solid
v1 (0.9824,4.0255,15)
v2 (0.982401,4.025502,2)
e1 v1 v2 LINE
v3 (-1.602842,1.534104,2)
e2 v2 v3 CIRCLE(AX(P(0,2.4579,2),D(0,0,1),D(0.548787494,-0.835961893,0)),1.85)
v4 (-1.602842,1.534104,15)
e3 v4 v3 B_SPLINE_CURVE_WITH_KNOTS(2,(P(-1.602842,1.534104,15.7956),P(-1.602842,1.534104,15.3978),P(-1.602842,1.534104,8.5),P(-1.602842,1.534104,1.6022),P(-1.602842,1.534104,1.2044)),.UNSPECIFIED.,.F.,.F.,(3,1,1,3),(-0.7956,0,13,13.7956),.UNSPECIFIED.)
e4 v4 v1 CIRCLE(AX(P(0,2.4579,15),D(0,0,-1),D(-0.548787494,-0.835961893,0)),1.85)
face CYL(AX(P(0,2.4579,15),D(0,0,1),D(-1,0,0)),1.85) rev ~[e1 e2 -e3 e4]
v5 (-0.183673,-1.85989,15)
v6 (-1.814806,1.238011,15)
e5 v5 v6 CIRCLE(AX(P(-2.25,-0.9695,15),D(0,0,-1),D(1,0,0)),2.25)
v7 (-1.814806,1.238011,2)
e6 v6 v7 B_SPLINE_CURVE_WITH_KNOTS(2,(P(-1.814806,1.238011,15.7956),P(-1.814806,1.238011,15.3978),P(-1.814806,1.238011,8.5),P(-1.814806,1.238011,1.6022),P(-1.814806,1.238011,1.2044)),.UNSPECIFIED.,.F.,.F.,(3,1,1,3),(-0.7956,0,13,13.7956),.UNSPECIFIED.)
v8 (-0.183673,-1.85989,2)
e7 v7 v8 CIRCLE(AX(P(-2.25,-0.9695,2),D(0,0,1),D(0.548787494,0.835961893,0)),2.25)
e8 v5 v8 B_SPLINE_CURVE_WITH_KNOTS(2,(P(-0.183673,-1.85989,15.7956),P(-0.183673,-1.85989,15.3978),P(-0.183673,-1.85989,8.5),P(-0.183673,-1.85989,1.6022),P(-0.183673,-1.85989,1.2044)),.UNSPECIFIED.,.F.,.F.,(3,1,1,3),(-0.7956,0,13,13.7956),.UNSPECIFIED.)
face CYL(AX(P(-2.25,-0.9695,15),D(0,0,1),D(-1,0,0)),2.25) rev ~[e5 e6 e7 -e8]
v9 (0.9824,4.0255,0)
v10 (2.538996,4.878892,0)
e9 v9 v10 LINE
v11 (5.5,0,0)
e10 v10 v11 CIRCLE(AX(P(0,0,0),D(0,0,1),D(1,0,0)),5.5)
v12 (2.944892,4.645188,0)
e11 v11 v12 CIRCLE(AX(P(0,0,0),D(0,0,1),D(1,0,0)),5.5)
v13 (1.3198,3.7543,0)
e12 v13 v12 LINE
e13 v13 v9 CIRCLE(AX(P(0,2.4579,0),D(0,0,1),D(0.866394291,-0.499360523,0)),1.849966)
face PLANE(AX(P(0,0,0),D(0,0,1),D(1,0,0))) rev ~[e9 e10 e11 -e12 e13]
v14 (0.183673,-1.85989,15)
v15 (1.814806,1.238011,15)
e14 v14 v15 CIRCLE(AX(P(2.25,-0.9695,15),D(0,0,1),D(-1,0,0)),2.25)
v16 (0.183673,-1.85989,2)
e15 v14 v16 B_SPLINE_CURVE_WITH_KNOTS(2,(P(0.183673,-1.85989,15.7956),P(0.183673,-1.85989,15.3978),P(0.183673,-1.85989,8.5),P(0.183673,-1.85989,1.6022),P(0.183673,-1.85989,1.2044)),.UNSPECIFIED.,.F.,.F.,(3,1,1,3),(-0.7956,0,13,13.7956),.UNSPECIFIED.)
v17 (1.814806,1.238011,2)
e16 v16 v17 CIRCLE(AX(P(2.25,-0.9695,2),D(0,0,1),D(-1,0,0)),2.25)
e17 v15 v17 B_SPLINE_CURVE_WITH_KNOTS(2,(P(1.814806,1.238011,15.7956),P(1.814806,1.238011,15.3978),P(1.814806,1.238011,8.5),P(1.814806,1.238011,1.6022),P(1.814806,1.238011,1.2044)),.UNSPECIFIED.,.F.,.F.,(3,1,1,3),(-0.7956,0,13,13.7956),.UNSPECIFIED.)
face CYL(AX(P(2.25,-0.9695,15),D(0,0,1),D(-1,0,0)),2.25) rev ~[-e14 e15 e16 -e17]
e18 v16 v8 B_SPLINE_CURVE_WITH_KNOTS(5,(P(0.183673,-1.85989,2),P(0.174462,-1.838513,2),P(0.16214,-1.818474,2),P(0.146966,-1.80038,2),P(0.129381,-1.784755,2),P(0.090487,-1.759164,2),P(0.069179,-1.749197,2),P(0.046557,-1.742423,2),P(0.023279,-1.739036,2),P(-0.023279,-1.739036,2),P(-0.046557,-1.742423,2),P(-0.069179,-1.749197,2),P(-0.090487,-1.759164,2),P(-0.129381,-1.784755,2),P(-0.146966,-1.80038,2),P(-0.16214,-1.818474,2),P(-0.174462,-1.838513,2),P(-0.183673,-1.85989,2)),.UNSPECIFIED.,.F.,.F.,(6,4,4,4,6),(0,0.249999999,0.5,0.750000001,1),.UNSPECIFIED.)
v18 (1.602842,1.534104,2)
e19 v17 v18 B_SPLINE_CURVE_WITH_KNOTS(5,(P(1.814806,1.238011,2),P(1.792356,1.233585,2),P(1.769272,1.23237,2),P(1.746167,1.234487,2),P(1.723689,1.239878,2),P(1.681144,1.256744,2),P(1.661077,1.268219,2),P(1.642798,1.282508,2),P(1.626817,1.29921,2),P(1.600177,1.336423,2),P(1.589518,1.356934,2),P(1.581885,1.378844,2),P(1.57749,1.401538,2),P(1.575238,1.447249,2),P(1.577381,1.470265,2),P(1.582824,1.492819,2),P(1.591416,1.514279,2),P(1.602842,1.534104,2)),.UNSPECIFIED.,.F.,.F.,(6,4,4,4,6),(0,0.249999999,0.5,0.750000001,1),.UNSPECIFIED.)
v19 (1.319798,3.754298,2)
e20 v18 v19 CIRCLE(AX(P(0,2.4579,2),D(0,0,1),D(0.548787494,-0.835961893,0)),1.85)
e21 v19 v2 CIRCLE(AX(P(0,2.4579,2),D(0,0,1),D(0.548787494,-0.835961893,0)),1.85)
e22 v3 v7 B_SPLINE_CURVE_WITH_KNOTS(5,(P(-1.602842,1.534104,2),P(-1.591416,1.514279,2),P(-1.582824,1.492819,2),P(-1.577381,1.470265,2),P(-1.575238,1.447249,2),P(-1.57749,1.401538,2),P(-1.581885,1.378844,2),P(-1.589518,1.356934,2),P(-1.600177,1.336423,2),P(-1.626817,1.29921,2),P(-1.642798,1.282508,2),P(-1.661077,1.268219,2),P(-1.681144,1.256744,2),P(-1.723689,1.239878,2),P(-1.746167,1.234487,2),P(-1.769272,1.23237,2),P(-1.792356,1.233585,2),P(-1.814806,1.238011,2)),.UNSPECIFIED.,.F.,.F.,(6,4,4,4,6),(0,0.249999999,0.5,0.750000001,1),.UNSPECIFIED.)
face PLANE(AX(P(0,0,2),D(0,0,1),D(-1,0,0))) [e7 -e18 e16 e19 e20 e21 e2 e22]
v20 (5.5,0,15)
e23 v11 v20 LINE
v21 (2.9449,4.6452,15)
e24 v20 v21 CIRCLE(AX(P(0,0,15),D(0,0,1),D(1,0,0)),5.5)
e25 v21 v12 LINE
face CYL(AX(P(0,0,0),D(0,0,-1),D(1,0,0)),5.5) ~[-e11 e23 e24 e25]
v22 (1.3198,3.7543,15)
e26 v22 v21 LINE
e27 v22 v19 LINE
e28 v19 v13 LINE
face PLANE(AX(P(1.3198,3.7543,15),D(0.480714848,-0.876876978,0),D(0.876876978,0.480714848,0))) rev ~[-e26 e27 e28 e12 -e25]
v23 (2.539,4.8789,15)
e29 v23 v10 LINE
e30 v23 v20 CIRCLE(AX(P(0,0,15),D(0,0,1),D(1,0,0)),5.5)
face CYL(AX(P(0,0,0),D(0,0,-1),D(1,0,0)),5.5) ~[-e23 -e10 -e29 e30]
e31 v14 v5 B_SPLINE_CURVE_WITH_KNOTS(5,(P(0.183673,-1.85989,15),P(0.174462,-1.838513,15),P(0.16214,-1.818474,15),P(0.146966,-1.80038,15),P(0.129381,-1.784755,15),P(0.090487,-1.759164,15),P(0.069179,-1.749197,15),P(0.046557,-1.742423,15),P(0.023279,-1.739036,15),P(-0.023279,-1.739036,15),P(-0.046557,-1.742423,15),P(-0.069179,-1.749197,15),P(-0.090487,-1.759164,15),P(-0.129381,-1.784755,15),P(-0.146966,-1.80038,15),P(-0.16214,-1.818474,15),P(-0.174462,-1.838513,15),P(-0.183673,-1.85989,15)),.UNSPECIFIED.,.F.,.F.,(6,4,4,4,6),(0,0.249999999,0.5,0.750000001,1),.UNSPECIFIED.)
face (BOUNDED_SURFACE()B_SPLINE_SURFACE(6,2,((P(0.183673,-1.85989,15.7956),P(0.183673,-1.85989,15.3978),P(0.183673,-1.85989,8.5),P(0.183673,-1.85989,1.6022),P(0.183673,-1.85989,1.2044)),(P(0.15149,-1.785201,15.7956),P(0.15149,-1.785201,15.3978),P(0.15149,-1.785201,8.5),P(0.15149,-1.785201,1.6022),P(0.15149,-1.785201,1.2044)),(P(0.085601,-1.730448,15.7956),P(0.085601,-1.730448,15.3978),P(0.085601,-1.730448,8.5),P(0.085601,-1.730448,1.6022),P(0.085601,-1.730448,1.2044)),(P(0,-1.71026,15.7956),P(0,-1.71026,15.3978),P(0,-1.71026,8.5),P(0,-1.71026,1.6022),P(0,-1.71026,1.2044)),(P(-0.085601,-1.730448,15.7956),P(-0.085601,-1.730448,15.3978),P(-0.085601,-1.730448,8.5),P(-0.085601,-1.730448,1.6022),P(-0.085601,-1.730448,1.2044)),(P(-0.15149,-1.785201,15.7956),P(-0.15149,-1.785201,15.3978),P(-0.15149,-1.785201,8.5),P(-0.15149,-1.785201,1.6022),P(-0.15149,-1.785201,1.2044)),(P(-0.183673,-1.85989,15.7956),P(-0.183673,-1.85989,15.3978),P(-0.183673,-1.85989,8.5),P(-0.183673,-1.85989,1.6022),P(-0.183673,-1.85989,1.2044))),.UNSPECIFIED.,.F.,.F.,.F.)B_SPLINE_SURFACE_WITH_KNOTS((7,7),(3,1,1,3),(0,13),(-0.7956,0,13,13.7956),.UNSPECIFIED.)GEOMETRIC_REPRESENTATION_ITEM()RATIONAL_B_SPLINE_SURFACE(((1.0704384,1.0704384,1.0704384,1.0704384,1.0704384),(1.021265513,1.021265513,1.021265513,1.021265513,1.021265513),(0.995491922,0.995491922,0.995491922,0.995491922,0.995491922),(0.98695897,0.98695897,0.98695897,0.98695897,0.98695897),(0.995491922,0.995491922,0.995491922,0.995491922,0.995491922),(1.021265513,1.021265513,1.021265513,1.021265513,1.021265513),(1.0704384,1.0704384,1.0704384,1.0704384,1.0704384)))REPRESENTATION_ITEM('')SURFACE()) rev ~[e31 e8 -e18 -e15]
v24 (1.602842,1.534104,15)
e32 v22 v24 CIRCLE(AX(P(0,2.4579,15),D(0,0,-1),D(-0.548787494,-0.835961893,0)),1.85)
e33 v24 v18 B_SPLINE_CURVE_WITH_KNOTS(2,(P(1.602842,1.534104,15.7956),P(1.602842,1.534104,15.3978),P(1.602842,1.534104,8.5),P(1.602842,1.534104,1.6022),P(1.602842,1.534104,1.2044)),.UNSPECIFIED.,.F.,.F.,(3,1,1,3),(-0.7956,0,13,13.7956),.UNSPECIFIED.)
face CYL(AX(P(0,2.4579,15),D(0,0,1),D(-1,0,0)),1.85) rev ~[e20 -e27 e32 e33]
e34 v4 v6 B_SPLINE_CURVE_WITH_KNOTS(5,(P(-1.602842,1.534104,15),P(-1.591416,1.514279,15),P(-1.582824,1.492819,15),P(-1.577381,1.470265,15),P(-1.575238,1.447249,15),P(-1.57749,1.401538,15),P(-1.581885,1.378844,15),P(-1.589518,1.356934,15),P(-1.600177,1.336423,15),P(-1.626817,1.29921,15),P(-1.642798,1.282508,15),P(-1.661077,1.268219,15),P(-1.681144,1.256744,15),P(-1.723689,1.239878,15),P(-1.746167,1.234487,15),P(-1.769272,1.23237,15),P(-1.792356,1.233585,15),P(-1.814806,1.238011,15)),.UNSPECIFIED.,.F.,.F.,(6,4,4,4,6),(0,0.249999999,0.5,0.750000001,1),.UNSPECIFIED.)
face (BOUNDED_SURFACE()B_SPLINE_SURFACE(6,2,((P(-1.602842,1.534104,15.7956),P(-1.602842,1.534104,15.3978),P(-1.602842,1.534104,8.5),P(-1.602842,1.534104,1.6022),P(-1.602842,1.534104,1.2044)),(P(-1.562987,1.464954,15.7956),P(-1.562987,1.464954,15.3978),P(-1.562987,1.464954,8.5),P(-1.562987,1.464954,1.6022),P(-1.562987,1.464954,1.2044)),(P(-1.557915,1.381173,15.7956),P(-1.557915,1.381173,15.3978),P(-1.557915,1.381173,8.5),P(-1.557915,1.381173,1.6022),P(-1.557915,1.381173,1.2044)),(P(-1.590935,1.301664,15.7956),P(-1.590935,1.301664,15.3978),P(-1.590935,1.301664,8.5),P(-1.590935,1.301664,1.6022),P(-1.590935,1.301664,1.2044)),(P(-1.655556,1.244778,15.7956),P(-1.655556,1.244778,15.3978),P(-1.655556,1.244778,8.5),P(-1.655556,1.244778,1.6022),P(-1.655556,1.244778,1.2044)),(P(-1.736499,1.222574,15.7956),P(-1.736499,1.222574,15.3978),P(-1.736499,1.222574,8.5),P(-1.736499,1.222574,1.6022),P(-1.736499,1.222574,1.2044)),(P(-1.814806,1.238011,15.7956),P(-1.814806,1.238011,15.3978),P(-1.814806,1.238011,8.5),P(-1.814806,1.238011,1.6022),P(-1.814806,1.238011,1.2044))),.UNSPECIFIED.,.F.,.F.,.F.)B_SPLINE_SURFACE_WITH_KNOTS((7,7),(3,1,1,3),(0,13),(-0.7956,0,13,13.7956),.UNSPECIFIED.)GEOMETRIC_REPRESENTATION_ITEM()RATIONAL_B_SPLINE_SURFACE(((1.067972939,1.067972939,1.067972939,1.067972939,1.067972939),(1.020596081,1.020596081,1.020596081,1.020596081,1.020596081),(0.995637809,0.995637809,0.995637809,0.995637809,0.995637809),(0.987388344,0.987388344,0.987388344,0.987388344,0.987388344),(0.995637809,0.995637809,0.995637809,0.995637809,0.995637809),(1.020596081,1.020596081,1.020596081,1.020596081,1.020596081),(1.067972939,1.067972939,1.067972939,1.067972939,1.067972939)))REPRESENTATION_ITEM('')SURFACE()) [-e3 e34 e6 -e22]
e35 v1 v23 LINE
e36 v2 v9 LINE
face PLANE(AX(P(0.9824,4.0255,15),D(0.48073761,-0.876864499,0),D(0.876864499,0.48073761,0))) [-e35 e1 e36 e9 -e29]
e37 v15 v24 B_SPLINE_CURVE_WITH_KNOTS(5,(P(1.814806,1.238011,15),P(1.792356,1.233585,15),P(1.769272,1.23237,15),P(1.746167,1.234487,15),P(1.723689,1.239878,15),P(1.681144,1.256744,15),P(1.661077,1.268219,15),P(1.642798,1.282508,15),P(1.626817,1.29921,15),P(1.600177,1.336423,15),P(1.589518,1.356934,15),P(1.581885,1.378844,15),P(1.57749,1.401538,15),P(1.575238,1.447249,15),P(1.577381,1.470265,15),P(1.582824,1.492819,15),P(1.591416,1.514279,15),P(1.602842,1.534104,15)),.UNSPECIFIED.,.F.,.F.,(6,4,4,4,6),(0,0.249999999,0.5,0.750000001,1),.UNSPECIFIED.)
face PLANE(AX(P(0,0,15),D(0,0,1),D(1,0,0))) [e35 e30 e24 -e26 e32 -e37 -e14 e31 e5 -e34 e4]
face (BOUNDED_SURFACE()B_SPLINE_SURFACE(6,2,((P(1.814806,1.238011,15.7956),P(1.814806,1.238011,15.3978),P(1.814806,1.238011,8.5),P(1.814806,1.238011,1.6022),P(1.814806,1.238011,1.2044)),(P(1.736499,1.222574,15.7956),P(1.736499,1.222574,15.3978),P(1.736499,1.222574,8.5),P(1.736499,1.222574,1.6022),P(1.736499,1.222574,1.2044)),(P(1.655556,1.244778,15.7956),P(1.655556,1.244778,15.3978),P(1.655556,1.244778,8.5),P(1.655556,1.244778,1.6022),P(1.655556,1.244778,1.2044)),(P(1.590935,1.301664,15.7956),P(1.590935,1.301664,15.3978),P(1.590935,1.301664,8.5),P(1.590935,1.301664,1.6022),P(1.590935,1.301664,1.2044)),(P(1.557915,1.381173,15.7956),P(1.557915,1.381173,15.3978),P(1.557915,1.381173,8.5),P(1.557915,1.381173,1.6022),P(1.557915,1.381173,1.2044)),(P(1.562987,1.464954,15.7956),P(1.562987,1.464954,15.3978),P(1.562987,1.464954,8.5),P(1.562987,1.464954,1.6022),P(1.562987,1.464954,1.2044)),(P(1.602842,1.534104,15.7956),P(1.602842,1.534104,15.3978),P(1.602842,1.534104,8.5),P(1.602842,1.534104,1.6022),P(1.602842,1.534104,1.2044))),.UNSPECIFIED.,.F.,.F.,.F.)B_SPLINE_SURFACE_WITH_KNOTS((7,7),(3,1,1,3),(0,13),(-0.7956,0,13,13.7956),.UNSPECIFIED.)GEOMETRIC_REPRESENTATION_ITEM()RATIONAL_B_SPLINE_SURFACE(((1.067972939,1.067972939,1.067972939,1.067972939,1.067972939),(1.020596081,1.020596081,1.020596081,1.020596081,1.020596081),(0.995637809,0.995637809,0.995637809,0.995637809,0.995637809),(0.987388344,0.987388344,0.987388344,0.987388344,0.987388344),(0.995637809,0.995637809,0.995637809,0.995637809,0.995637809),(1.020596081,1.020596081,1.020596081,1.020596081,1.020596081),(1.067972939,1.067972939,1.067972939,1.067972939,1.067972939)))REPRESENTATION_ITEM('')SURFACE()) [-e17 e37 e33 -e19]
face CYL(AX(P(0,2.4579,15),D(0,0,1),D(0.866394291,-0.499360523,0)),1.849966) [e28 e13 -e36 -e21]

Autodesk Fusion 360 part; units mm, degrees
sketch "Sketch2" plane through (0, 0, 0) normal (0, 0, 1) x (1, 0, 0) in component "2x12AWG_silicone, 1x DS18B"
  circle A0 centre (0, 0) radius 5.5
  dimension "d8" = 11
extrude "Extrude1" add sketch "Sketch2" along normal blind 15 in component "2x12AWG_silicone, 1x DS18B"
sketch "Sketch3" plane through (0, 0, 15) normal (0, 0, 1) x (-1, 0, 0) in component "2x12AWG_silicone, 1x DS18B"
  circle A0 centre (0, 0) radius 5.5
  circle A1 centre (2.25, 0.9695) radius 2.25
  circle A2 centre (-2.25, 0.9695) radius 2.25
  circle A3 centre (0, -2.4579) radius 1.85
  circle A4 centre (0, 0) radius 4.7 construction
  dimension "d11" = 4.5
  dimension "d12" = 3.7
  dimension "d13" = 0.8
extrude "Extrude2" cut sketch "Sketch3" against normal blind 13 contours A1 | A2 | A1 A2 A3 | A3 in component "2x12AWG_silicone, 1x DS18B"
fillet "Fillet1" radius 0.2 3 edges at (-1.0152, 0.9114, 8.5) (0, -0.9695, 8.5) (1.0152, 0.9114, 8.5) in component "2x12AWG_silicone, 1x DS18B"
sketch "Sketch4" plane through (0, 0, 15) normal (0, 0, 1) x (-1, 0, 0) in component "2x12AWG_silicone, 1x DS18B"
  arc A0 (-1.6028, -1.5341) -> (-1.8148, -1.238) centre (-1.7761, -1.4342) ccw
  arc A1 (-0.1837, 1.8599) -> (-1.8148, -1.238) centre (-2.25, 0.9695) ccw
  arc A2 (-0.1837, 1.8599) -> (0.1837, 1.8599) centre (0, 1.9391) ccw
  arc A3 (1.8148, -1.238) -> (0.1837, 1.8599) centre (2.25, 0.9695) ccw
  arc A4 (1.8148, -1.238) -> (1.6028, -1.5341) centre (1.7761, -1.4342) ccw
  arc A5 (-1.6028, -1.5341) -> (1.6028, -1.5341) centre (0, -2.4579) ccw
  circle A6 centre (0, 0) radius 5.5
  line L0 (-0.9824, -4.0255) -> (-2.539, -4.8789)
  line L1 (-1.3198, -3.7543) -> (-2.9449, -4.6452)
  dimension "d18" = 0.4
extrude "Extrude3" cut sketch "Sketch4" against normal blind 16.5 contours A5 A6 L0 L1 in component "2x12AWG_silicone, 1x DS18B"
component "2x12AWG_silicone, 1x DS18B" placed x (1, 0, 0) y (0, 1, 0) z (0, 0, 1) at (0, 0, 0)
equation "Si12AWG = 4.6 mm"
equation "DS18B20 = 3.7 mm"
equation "clearance = 0.2 mm"
equation "gland_ID_max = 12 mm"
equation "gland_ID_min = 5.65 mm"
equation "insert_D = 9 mm"
equation "insert_L = 15 mm"
equation "d8 = gland_ID_max - 1 mm"
equation "d9 = insert_L"
equation "d11 = Si12AWG - clearance / 2"
equation "d12 = DS18B20"
